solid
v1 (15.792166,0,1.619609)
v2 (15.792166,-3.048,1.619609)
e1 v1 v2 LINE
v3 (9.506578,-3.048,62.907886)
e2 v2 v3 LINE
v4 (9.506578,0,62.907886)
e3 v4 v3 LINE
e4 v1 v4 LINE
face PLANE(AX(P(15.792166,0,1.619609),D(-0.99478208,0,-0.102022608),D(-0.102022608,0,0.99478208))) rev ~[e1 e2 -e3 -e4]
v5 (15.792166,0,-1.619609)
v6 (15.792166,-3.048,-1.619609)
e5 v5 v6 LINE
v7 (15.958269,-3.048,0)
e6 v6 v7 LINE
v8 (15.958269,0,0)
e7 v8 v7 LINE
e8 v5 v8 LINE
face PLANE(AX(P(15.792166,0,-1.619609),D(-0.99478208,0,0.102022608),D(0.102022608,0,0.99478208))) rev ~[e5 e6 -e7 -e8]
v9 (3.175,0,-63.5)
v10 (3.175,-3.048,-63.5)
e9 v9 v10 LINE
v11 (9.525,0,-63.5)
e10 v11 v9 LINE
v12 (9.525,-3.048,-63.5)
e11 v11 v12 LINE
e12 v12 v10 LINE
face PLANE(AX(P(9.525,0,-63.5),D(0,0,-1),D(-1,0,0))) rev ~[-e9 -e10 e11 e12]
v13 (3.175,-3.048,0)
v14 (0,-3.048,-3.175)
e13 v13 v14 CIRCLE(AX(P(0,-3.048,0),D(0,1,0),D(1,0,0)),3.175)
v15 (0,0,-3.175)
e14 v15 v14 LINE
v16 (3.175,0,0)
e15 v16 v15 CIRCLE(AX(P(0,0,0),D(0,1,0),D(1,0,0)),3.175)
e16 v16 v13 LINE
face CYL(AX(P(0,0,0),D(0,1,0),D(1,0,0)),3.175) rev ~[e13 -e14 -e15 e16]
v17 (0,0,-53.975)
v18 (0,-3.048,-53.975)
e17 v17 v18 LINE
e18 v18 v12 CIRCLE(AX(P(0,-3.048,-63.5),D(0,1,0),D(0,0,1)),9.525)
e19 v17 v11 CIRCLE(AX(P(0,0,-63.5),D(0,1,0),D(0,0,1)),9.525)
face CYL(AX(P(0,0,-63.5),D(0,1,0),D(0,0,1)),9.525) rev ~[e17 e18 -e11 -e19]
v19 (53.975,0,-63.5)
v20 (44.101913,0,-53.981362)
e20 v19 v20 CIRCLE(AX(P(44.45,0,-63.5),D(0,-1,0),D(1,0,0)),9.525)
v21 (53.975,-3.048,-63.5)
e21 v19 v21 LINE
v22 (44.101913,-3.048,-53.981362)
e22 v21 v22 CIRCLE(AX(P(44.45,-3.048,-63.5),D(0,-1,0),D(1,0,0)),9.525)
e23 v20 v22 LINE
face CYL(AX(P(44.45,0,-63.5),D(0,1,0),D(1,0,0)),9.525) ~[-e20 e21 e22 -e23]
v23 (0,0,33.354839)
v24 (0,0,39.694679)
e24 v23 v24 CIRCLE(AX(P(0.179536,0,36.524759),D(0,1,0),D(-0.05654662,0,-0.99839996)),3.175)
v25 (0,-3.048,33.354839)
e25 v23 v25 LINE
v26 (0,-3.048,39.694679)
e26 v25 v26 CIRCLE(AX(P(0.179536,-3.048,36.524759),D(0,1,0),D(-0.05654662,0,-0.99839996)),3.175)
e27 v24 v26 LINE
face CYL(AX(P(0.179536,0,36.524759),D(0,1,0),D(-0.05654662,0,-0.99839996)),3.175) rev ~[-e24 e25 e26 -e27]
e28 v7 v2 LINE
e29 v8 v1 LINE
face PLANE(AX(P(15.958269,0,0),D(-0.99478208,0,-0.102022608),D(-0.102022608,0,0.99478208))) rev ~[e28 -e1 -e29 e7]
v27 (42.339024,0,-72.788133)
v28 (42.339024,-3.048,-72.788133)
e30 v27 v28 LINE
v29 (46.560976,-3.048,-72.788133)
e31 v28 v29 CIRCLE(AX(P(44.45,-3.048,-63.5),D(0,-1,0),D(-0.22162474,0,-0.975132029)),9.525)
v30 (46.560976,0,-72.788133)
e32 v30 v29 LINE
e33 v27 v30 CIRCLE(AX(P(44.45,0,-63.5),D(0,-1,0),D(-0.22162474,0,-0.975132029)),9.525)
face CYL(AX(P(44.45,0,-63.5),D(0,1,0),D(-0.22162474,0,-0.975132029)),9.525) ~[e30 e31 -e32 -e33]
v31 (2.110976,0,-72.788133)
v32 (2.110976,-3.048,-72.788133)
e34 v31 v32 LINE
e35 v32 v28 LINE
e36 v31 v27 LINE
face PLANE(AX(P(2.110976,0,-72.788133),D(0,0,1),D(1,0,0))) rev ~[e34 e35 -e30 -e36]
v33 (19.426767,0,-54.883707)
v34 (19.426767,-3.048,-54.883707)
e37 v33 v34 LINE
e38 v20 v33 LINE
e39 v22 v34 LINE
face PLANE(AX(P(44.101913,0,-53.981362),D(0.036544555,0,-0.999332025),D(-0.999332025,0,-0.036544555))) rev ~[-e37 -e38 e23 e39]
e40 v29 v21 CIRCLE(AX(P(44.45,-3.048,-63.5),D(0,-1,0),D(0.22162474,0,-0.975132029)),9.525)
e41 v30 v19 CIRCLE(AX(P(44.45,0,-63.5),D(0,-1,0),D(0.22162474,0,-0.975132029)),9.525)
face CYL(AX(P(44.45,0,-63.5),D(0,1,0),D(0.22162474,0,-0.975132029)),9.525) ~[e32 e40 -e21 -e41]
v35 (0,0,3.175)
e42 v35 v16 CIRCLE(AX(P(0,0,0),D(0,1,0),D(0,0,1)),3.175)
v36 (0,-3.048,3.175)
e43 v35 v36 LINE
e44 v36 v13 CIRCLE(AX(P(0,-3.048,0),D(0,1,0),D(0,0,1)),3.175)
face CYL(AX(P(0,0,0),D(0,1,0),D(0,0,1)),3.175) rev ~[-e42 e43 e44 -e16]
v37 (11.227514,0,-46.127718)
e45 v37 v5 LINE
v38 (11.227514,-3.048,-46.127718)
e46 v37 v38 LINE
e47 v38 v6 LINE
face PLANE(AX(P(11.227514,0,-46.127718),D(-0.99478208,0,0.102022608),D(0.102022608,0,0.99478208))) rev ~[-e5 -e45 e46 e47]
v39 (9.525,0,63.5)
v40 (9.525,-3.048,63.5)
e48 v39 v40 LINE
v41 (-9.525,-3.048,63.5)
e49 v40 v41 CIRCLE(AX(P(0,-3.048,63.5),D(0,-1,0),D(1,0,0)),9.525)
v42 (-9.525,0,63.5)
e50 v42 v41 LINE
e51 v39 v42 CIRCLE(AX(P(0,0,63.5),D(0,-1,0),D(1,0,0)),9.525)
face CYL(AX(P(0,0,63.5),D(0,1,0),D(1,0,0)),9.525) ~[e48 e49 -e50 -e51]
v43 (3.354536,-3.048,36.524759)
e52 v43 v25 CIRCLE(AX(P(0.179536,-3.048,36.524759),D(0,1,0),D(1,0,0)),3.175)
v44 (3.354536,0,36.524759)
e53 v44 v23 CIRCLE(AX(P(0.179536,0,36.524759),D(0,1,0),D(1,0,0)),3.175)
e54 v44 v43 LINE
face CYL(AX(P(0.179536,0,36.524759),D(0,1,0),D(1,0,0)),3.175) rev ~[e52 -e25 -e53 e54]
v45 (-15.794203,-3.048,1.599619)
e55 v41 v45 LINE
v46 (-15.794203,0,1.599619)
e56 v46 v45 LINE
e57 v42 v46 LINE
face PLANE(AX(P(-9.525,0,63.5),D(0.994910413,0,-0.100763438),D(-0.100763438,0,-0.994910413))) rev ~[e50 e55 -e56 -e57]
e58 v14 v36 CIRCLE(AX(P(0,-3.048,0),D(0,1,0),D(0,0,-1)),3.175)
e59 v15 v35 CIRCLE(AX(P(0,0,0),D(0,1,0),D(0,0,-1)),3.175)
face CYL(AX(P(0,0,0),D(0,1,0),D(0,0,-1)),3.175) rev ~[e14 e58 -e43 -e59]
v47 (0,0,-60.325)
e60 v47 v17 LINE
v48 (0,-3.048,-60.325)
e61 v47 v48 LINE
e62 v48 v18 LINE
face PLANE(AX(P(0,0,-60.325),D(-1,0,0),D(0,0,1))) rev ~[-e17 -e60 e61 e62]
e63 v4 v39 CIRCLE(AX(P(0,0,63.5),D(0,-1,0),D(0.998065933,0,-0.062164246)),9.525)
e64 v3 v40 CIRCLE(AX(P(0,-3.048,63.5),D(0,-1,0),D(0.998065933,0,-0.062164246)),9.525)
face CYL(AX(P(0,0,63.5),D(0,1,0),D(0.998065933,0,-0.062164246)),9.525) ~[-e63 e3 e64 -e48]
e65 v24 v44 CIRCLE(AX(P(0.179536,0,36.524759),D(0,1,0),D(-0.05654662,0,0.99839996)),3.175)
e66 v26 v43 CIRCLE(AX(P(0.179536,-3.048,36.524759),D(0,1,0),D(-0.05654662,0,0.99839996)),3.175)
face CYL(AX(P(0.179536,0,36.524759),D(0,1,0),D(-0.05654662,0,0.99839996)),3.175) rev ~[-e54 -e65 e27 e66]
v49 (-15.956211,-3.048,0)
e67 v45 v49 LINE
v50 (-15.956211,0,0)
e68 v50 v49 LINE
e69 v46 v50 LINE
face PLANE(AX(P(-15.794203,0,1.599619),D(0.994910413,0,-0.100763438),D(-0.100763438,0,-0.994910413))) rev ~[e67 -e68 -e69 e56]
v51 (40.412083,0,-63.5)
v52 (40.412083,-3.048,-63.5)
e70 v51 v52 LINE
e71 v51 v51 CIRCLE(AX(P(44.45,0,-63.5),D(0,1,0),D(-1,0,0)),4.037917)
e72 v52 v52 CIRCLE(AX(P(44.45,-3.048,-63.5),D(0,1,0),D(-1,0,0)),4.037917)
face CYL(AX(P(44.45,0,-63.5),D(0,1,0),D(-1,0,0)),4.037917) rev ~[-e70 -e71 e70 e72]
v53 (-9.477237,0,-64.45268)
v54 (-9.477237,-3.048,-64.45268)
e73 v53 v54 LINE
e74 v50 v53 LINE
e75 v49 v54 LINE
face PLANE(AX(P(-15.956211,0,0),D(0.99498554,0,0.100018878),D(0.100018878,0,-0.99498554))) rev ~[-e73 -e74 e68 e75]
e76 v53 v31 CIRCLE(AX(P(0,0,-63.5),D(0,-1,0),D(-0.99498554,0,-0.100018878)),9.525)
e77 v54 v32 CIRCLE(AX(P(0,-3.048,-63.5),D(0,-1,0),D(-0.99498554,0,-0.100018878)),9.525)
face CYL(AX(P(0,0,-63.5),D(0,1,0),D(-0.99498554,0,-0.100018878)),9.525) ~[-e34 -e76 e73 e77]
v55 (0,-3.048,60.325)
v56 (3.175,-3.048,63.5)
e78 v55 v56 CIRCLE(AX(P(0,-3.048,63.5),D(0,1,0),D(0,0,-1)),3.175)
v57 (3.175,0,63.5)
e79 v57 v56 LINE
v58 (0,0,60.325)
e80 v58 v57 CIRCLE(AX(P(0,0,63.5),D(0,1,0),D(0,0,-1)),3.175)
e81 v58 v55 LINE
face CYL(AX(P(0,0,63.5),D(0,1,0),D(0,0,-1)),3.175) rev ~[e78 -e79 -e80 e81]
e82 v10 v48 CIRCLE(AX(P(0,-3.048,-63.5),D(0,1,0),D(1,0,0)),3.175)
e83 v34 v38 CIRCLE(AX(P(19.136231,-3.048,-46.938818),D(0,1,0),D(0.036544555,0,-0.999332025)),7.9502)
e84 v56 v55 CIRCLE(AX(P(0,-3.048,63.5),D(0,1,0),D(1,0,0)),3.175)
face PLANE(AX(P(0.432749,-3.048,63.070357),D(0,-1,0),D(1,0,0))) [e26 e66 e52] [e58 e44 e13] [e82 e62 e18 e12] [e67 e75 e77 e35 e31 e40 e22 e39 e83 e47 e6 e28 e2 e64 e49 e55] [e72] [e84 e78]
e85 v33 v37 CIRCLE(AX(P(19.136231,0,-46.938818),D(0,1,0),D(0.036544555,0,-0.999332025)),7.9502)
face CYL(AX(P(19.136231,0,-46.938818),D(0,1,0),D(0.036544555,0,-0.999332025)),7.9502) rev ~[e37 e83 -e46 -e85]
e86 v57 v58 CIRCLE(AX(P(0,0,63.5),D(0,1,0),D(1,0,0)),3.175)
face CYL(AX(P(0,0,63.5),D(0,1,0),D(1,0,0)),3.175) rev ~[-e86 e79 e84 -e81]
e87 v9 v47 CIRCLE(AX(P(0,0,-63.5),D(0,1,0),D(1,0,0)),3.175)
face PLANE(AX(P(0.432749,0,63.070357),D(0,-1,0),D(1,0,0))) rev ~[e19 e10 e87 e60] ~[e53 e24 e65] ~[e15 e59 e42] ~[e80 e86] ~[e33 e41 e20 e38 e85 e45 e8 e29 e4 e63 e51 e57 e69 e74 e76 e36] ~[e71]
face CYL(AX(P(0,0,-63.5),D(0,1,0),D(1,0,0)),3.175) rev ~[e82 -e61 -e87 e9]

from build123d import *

# Parameters (mm, degrees)
F1_DEPTH = 3.048


with BuildPart() as f1:
    # F0 (on Front) → F1 (new body)
    with BuildSketch(Plane.XZ):
        with BuildLine():
            ThreePointArc((9.5065780115, 62.9078855591), (9.5203933889, 63.203799527), (9.525, 63.5))
            ThreePointArc((9.525, 63.5), (0, 73.025), (-9.525, 63.5))
            ThreePointArc((-9.525, 63.5), (-6.7351920908, 56.7648079092), (0, 53.975))
            ThreePointArc((0, 53.975), (6.5224893618, 56.5586199121), (9.5065780115, 62.9078855591))
        make_face()
        with BuildLine():
            ThreePointArc((3.175, 63.5), (2.2450640303, 61.2549359697), (0, 60.325))
            ThreePointArc((0, 60.325), (-2.2450640303, 65.7450640303), (3.175, 63.5))
        make_face(mode=Mode.SUBTRACT)
        with BuildLine():
            ThreePointArc((0, 53.975), (-6.7351920908, 56.7648079092), (-9.525, 63.5))
            Line((-9.525, 63.5), (-15.7942028272, 1.5996193463))
            ThreePointArc((-15.7942028272, 1.5996193463), (-10.6447561709, 11.7772998205), (0, 15.875))
            Line((0, 15.875), (0, 33.3548388816))
            ThreePointArc((0, 33.3548388816), (-2.9954644809, 36.524758754), (0, 39.6946786264))
            Line((0, 39.6946786264), (0, 53.975))
        make_face()
        with BuildLine():
            Line((15.7921655349, 1.6196088165), (9.5065780115, 62.9078855591))
            ThreePointArc((9.5065780115, 62.9078855591), (6.5224893618, 56.5586199121), (0, 53.975))
            Line((0, 53.975), (0, 39.6946786264))
            ThreePointArc((0, 39.6946786264), (2.360200524, 38.832425354), (3.3545355191, 36.524758754))
            ThreePointArc((3.3545355191, 36.524758754), (2.360200524, 34.217092154), (0, 33.3548388816))
            Line((0, 33.3548388816), (0, 15.875))
            ThreePointArc((0, 15.875), (10.6373007628, 11.7840340071), (15.7921655349, 1.6196088165))
        make_face()
        with BuildLine():
            ThreePointArc((0, 15.875), (-10.6447561709, 11.7772998205), (-15.7942028272, 1.5996193463))
            ThreePointArc((-15.7942028272, 1.5996193463), (-11.7772998205, -10.6447561709), (0, -15.875))
            Line((0, -15.875), (0, -3.175))
            ThreePointArc((0, -3.175), (-3.175, 0), (0, 3.175))
            Line((0, 3.175), (0, 15.875))
        make_face()
        with BuildLine():
            ThreePointArc((0, -15.875), (-11.7772998205, -10.6447561709), (-15.7942028272, 1.5996193463))
            Line((-15.7942028272, 1.5996193463), (-15.9562105245, 0))
            Line((-15.9562105245, 0), (-9.477237265, -64.4526798109))
            ThreePointArc((-9.477237265, -64.4526798109), (-7.0639896729, -57.1105027662), (0, -53.975))
            Line((0, -53.975), (0, -15.875))
        make_face()
        with BuildLine():
            Line((15.9582689646, 0), (15.7921655349, 1.6196088165))
            ThreePointArc((15.7921655349, 1.6196088165), (15.8542778591, 0.8108628532), (15.875, 0))
            ThreePointArc((15.875, 0), (15.8542778638, -0.8108627621), (15.7921655535, -1.6196086349))
            Line((15.7921655535, -1.6196086349), (15.9582689646, 0))
        make_face()
        with BuildLine():
            ThreePointArc((15.875, 0), (15.8542778591, 0.8108628532), (15.7921655349, 1.6196088165))
            ThreePointArc((15.7921655349, 1.6196088165), (10.6373007628, 11.7840340071), (0, 15.875))
            Line((0, 15.875), (0, 3.175))
            ThreePointArc((0, 3.175), (2.2450640303, 2.2450640303), (3.175, 0))
            ThreePointArc((3.175, 0), (2.2450640303, -2.2450640303), (0, -3.175))
            Line((0, -3.175), (0, -15.875))
            ThreePointArc((0, -15.875), (10.6373008306, -11.784033946), (15.7921655535, -1.6196086349))
            ThreePointArc((15.7921655535, -1.6196086349), (15.8542778638, -0.8108627621), (15.875, 0))
        make_face()
        with BuildLine():
            ThreePointArc((15.7921655535, -1.6196086349), (10.6373008306, -11.784033946), (0, -15.875))
            Line((0, -15.875), (0, -53.975))
            ThreePointArc((0, -53.975), (6.7351920908, -56.7648079092), (9.525, -63.5))
            Line((9.525, -63.5), (34.925, -63.5))
            ThreePointArc((34.925, -63.5), (37.5928448839, -56.8890205935), (44.1019131157, -53.9813624651))
            Line((44.1019131157, -53.9813624651), (19.4267672074, -54.8837074307))
            ThreePointArc((19.4267672074, -54.8837074307), (13.3331276381, -52.3729393353), (11.2275141925, -46.1277178302))
            Line((11.2275141925, -46.1277178302), (15.7921655535, -1.6196086349))
        make_face()
        with BuildLine():
            Line((0, -60.325), (0, -53.975))
            ThreePointArc((0, -53.975), (-7.0639896729, -57.1105027662), (-9.477237265, -64.4526798109))
            ThreePointArc((-9.477237265, -64.4526798109), (-5.561959707, -71.2324141908), (2.1109756448, -72.7881325802))
            ThreePointArc((2.1109756448, -72.7881325802), (7.4442148013, -69.4421621479), (9.525, -63.5))
            Line((9.525, -63.5), (3.175, -63.5))
            ThreePointArc((3.175, -63.5), (-2.2450640303, -65.7450640303), (0, -60.325))
        make_face()
        with BuildLine():
            Line((34.925, -63.5), (9.525, -63.5))
            ThreePointArc((9.525, -63.5), (7.4442148013, -69.4421621479), (2.1109756448, -72.7881325802))
            Line((2.1109756448, -72.7881325802), (42.3390243552, -72.7881325802))
            ThreePointArc((42.3390243552, -72.7881325802), (37.0057851987, -69.4421621479), (34.925, -63.5))
        make_face()
        with BuildLine():
            ThreePointArc((44.1019131157, -53.9813624651), (37.5928448839, -56.8890205935), (34.925, -63.5))
            ThreePointArc((34.925, -63.5), (37.0057851987, -69.4421621479), (42.3390243552, -72.7881325802))
            Line((42.3390243552, -72.7881325802), (46.5609756448, -72.7881325802))
            ThreePointArc((46.5609756448, -72.7881325802), (51.8942148013, -69.4421621479), (53.975, -63.5))
            ThreePointArc((53.975, -63.5), (51.0609794065, -56.6428448839), (44.1019131157, -53.9813624651))
        make_face()
        with BuildLine():
            ThreePointArc((48.4879165102, -63.5), (44.45, -67.5379165102), (40.4120834898, -63.5))
            ThreePointArc((40.4120834898, -63.5), (44.45, -59.4620834898), (48.4879165102, -63.5))
        make_face(mode=Mode.SUBTRACT)
        with BuildLine():
            Line((46.5609756448, -72.7881325802), (42.3390243552, -72.7881325802))
            ThreePointArc((42.3390243552, -72.7881325802), (44.45, -73.025), (46.5609756448, -72.7881325802))
        make_face()
    extrude(amount=F1_DEPTH)


solid = f1.part
